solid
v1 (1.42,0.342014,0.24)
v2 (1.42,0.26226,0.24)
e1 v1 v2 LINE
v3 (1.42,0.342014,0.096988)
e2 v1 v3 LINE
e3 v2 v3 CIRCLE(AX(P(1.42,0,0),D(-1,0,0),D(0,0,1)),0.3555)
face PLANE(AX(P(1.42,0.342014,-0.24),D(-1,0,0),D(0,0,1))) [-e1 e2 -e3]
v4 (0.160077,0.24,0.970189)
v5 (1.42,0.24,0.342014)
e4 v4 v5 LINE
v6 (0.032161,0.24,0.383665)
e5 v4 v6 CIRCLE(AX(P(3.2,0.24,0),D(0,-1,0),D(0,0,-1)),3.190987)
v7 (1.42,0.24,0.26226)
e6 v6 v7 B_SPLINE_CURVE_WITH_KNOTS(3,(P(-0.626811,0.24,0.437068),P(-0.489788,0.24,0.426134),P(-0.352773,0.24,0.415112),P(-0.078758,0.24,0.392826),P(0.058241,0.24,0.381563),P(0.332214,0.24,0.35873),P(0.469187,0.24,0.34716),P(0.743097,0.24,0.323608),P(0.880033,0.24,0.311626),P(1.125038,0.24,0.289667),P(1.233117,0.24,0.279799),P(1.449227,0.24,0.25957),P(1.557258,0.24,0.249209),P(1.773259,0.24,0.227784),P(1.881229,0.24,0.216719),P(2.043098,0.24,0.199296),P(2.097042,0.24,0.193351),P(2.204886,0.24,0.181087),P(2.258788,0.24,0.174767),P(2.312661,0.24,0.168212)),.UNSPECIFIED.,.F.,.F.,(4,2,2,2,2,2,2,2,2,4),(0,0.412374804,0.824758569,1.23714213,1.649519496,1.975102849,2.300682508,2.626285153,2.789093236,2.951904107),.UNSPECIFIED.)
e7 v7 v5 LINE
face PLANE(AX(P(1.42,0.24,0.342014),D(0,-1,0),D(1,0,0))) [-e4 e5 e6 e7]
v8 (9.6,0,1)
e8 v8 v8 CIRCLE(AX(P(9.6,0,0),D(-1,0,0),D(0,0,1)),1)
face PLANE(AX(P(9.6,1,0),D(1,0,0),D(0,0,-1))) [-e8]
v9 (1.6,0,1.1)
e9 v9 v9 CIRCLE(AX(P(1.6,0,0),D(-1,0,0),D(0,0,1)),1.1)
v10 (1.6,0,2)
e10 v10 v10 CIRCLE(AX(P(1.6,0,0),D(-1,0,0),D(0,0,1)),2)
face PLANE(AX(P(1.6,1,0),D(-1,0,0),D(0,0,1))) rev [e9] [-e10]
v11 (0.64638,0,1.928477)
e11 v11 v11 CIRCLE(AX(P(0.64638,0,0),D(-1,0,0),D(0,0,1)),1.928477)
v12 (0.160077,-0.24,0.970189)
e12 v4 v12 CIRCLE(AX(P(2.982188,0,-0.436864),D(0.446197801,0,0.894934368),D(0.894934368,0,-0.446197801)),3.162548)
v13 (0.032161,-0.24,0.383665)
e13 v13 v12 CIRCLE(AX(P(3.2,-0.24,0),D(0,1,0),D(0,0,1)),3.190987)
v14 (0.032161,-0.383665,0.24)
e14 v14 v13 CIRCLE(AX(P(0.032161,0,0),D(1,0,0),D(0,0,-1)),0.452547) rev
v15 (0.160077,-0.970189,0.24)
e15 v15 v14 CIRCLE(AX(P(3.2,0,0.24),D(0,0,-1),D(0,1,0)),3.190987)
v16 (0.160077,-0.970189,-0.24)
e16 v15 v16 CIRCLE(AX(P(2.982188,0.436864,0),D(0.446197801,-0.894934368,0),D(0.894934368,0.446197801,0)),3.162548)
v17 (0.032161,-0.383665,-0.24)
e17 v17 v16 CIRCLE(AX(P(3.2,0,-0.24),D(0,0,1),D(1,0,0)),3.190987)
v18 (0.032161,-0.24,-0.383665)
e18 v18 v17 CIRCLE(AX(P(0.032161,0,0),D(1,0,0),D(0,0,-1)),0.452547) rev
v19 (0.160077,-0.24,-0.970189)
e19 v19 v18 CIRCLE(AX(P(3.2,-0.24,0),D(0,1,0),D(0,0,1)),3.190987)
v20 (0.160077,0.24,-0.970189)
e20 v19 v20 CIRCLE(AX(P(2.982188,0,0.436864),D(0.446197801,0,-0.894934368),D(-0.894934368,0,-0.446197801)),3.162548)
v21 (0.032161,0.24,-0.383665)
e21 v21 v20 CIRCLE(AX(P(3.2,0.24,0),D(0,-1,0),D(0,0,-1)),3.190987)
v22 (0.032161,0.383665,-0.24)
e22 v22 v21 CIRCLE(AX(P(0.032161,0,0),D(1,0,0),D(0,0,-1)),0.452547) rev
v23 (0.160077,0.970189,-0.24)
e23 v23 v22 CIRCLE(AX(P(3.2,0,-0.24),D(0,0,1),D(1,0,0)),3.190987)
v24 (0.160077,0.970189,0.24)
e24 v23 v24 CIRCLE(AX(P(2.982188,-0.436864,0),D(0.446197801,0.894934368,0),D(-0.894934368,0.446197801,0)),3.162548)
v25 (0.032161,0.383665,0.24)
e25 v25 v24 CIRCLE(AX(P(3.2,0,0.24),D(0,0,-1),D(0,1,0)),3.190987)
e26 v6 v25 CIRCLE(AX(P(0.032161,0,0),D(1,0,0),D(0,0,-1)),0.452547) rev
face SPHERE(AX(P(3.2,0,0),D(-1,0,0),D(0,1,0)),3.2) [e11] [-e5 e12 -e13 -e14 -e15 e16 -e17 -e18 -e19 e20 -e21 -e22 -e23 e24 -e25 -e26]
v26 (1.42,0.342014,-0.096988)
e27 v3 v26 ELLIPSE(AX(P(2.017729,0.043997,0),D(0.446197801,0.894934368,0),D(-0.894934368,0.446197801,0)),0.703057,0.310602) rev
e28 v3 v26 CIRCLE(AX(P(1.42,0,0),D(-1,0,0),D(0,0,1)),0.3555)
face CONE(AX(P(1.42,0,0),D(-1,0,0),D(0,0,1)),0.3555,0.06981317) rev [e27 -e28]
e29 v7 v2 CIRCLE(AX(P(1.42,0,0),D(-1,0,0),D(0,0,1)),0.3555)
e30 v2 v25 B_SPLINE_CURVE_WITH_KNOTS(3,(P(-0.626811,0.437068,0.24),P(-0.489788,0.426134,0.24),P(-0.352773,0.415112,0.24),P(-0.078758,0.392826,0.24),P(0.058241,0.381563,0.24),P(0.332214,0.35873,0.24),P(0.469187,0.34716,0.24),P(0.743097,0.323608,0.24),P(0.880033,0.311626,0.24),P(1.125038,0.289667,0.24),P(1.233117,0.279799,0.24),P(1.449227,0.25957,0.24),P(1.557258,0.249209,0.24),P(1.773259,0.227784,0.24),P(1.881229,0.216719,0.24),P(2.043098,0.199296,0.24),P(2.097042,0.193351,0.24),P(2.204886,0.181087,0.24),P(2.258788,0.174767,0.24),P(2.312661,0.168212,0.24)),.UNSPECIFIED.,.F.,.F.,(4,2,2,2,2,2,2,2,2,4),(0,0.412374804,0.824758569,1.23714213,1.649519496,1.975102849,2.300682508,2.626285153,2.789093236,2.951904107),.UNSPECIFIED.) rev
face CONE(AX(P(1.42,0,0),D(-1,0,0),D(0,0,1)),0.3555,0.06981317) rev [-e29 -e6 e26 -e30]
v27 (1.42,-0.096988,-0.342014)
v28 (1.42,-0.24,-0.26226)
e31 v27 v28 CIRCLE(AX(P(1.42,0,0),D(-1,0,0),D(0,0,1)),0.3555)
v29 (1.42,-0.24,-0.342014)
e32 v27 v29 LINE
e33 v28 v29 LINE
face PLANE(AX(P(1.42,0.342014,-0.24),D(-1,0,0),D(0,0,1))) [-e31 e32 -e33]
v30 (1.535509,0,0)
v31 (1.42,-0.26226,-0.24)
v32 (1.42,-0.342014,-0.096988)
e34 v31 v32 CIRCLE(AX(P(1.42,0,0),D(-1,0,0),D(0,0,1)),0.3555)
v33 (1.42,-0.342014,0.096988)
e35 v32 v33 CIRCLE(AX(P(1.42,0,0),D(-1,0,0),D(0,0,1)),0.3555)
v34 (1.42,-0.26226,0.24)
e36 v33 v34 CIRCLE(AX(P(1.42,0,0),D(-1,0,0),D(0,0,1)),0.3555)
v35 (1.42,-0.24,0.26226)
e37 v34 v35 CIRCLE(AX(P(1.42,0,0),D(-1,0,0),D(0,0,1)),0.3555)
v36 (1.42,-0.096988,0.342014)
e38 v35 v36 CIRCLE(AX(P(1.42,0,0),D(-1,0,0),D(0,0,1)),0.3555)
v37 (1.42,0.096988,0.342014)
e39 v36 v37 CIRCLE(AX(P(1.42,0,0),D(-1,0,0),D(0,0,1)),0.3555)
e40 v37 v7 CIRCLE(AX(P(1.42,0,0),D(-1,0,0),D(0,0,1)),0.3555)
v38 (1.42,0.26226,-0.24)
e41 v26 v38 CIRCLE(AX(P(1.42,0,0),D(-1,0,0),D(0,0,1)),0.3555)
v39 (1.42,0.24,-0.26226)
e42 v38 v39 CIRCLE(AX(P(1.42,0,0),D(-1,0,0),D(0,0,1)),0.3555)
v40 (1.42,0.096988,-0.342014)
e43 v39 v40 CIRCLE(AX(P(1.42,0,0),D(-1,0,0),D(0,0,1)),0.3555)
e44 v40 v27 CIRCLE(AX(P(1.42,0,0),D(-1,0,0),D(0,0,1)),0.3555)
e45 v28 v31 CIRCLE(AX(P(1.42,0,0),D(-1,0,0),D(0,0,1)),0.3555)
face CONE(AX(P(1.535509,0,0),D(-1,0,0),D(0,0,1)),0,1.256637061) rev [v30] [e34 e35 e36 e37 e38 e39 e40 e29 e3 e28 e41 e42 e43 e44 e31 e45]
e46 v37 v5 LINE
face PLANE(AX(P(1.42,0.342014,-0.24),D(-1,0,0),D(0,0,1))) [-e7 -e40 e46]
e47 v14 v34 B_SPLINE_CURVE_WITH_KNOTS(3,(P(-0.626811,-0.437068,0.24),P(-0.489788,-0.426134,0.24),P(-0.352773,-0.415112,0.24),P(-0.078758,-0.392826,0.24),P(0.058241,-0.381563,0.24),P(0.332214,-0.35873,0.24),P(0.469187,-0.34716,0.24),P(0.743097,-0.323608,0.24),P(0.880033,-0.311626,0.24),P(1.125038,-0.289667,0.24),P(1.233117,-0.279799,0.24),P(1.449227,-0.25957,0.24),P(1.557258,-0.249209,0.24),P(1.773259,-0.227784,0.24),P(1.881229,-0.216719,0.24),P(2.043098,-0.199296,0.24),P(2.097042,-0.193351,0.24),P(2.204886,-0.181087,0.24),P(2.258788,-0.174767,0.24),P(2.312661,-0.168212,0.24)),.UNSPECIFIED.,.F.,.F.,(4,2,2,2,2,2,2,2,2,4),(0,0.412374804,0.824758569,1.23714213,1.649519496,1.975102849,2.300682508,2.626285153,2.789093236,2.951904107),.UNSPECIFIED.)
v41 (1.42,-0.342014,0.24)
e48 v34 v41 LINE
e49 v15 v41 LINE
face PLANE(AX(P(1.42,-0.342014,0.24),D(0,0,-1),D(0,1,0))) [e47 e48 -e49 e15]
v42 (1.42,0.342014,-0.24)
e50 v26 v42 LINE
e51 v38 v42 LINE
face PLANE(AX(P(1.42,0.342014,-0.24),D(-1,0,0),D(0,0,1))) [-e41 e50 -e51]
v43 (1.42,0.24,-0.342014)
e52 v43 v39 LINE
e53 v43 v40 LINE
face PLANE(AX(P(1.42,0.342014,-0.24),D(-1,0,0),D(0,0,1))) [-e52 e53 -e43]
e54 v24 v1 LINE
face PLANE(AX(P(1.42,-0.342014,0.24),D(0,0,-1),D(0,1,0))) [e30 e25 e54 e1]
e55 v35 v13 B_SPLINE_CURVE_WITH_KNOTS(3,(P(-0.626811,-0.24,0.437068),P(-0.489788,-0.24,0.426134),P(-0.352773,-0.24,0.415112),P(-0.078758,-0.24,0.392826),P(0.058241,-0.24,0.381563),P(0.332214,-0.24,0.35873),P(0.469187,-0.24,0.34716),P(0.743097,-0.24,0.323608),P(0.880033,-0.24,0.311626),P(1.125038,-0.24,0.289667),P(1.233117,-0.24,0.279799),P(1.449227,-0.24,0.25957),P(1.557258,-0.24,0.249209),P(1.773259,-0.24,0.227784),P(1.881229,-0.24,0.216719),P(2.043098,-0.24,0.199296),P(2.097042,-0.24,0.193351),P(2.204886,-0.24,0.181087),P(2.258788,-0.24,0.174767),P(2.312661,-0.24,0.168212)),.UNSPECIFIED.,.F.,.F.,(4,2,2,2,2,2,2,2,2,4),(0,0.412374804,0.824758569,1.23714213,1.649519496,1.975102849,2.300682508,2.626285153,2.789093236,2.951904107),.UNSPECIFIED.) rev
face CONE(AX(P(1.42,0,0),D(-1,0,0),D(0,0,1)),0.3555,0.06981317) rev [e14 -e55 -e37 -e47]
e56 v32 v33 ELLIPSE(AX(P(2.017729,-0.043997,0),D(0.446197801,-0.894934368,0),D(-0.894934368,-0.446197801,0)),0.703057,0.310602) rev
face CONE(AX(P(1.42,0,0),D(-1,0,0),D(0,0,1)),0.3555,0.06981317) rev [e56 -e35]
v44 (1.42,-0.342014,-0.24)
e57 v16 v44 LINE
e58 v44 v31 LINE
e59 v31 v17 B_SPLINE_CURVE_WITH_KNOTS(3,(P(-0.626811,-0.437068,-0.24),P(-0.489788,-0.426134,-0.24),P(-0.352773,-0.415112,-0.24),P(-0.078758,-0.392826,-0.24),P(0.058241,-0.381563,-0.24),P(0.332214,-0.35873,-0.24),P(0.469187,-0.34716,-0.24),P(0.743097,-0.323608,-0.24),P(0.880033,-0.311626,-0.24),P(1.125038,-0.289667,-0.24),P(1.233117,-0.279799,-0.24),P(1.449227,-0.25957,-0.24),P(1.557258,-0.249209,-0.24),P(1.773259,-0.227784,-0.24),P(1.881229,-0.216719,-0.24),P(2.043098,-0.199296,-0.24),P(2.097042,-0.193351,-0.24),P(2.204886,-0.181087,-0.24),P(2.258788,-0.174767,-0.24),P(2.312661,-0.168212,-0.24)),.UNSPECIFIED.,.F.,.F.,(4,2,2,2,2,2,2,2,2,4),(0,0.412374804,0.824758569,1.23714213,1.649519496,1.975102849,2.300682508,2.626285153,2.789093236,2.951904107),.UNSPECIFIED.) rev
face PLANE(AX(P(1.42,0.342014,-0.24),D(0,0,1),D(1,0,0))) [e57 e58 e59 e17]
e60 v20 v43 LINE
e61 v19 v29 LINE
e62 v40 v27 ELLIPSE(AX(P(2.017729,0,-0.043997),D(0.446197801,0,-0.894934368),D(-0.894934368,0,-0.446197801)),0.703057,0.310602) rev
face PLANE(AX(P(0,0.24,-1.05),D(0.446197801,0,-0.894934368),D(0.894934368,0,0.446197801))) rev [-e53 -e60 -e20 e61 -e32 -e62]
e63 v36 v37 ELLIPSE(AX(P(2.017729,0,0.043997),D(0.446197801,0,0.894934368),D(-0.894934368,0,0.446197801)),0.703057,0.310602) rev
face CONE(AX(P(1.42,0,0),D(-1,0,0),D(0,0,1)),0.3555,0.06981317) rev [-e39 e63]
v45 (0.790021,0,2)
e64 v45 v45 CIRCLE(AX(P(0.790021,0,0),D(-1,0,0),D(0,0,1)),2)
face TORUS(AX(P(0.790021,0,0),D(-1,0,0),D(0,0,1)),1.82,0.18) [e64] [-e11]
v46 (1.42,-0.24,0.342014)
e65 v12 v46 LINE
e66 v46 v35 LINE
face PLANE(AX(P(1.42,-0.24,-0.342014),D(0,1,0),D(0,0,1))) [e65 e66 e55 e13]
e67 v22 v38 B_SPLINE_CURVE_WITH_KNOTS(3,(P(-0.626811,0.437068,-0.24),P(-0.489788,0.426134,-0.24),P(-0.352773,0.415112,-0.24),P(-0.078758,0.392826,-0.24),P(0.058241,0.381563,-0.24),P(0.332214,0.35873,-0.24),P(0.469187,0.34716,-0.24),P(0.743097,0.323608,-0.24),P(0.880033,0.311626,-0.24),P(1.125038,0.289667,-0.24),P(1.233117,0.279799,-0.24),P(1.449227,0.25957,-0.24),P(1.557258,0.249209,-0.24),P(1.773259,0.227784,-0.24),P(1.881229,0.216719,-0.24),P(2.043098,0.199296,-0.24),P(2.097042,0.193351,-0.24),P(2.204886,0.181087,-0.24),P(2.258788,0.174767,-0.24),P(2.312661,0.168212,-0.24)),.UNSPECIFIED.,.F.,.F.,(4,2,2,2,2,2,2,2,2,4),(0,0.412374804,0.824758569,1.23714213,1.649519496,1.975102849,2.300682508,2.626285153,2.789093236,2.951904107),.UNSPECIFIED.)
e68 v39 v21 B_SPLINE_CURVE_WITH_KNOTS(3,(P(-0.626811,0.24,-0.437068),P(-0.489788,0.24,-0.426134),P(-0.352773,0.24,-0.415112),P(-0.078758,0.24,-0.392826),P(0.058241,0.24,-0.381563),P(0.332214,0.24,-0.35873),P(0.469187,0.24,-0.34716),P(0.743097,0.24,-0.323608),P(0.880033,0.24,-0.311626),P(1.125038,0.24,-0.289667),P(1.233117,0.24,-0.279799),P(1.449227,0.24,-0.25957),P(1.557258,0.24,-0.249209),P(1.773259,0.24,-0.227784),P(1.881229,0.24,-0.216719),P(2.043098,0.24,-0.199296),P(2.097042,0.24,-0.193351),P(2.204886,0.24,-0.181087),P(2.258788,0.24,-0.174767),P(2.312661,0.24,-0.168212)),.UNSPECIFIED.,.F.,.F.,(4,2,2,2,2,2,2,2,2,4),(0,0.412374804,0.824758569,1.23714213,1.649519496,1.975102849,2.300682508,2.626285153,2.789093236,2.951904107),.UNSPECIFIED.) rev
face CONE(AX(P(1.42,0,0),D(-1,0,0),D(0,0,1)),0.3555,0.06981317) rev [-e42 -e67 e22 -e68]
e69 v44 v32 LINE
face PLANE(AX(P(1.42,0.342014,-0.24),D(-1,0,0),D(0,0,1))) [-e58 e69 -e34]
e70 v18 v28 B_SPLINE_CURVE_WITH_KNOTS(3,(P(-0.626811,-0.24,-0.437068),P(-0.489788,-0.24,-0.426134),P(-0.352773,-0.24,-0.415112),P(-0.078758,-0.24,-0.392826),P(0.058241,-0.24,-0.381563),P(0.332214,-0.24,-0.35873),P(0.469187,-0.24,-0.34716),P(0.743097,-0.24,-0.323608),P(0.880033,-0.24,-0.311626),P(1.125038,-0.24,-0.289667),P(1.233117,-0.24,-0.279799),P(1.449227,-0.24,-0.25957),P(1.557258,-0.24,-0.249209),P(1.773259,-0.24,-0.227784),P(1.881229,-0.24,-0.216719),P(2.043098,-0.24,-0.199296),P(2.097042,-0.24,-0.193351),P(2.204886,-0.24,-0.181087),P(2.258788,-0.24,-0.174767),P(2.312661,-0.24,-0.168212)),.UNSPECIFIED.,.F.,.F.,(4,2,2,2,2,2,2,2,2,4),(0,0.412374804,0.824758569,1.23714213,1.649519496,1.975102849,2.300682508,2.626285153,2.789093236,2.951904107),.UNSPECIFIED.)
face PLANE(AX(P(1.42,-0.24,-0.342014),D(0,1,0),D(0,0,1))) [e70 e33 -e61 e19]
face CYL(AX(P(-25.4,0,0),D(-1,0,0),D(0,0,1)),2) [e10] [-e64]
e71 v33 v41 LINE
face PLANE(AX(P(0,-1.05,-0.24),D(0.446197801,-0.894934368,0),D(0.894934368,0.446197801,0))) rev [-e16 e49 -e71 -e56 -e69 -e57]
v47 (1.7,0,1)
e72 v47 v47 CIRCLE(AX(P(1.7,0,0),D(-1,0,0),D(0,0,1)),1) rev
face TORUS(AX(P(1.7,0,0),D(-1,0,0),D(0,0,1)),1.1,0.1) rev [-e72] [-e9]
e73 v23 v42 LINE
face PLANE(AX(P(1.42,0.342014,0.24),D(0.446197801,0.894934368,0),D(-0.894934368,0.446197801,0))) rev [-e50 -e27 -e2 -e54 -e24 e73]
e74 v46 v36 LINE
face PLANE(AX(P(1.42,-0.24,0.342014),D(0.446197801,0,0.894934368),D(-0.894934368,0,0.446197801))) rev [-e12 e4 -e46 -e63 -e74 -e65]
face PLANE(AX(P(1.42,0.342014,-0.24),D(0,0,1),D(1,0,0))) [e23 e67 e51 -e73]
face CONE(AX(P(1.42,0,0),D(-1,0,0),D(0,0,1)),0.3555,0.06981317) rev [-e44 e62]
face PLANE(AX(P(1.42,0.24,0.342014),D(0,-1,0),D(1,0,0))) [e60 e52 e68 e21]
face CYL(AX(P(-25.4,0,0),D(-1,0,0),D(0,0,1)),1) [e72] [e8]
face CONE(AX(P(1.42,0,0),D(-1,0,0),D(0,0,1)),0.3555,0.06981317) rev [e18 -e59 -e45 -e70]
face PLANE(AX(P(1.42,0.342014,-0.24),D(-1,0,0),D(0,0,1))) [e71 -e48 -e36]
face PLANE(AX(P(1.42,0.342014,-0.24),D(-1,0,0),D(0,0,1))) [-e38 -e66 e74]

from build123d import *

# Parameters (mm, degrees)
FILLET1_R    = 0.1
SKETCH3_W    = 0.48
SKETCH3_H    = 2.1
SKETCH4_W    = 0.48
SKETCH4_H    = 0.684028282
RECPAT_COUNT = 2
RECPAT_ANGLE = 90


with BuildPart() as part:
    # BodySke → Base-Revolve (revolve)
    with BuildSketch(Plane.XY, mode=Mode.PRIVATE) as base_revolve_sk:
        with BuildLine():
            Line((1.6, 1), (1.6, 2))
            Line((1.6, 2), (0.790020747, 2))
            ThreePointArc((0.790020747, 2), (0.709789294, 1.981130115), (0.646379599, 1.928476821))
            ThreePointArc((0.646379599, 1.928476821), (0.165895084, 1.016959861), (0, 0))
            Line((0, 0), (9.6, 0))
            Line((9.6, 0), (9.6, 1))
            Line((9.6, 1), (1.6, 1))
        make_face()
    revolve(base_revolve_sk.sketch.rotate(Axis((-25.4, 0, 0), (1, 0, 0)), 90), axis=Axis((-25.4, 0, 0), (1, 0, 0)))  # turned: the seam where the file's is

    # Fillet1
    fillet1_edges = [part.edges().sort_by_distance(p)[0] for p in [
        (1.6, 0, -1),
    ]]
    fillet(fillet1_edges, radius=FILLET1_R)

    # Sketch3 → Recess section 0
    with BuildSketch(Plane(origin=(0, 0, 0), x_dir=(0, 0, -1), z_dir=(1, 0, 0))):
        Rectangle(SKETCH3_W, SKETCH3_H)
    # Sketch4 → Recess section 1
    with BuildSketch(Plane(origin=(1.42, 0, 0), x_dir=(0, 0, -1), z_dir=(1, 0, 0))):
        Rectangle(SKETCH4_W, SKETCH4_H)
    recess = loft(mode=Mode.SUBTRACT)

    # RecPat: Recess ×2 about axis
    recpat_axis = Axis((0, 0, 0), (1, 0, 0))
    for i in range(1, RECPAT_COUNT):
        add(recess.rotate(recpat_axis, i * RECPAT_ANGLE / (RECPAT_COUNT - 1)), mode=Mode.SUBTRACT)

    # RecCorSke → RecessCore (revolve, cut)
    with BuildSketch(Plane.XY, mode=Mode.PRIVATE) as recesscore_sk:
        Polygon((0, 0), (0, 0.454796073), (1.42, 0.3555), (1.535508952, 0), align=None)
    revolve(recesscore_sk.sketch.rotate(Axis((-3.175, 0, 0), (1, 0, 0)), 90), axis=Axis((-3.175, 0, 0), (1, 0, 0)), mode=Mode.SUBTRACT)  # turned: the seam where the file's is


solid = part.part
